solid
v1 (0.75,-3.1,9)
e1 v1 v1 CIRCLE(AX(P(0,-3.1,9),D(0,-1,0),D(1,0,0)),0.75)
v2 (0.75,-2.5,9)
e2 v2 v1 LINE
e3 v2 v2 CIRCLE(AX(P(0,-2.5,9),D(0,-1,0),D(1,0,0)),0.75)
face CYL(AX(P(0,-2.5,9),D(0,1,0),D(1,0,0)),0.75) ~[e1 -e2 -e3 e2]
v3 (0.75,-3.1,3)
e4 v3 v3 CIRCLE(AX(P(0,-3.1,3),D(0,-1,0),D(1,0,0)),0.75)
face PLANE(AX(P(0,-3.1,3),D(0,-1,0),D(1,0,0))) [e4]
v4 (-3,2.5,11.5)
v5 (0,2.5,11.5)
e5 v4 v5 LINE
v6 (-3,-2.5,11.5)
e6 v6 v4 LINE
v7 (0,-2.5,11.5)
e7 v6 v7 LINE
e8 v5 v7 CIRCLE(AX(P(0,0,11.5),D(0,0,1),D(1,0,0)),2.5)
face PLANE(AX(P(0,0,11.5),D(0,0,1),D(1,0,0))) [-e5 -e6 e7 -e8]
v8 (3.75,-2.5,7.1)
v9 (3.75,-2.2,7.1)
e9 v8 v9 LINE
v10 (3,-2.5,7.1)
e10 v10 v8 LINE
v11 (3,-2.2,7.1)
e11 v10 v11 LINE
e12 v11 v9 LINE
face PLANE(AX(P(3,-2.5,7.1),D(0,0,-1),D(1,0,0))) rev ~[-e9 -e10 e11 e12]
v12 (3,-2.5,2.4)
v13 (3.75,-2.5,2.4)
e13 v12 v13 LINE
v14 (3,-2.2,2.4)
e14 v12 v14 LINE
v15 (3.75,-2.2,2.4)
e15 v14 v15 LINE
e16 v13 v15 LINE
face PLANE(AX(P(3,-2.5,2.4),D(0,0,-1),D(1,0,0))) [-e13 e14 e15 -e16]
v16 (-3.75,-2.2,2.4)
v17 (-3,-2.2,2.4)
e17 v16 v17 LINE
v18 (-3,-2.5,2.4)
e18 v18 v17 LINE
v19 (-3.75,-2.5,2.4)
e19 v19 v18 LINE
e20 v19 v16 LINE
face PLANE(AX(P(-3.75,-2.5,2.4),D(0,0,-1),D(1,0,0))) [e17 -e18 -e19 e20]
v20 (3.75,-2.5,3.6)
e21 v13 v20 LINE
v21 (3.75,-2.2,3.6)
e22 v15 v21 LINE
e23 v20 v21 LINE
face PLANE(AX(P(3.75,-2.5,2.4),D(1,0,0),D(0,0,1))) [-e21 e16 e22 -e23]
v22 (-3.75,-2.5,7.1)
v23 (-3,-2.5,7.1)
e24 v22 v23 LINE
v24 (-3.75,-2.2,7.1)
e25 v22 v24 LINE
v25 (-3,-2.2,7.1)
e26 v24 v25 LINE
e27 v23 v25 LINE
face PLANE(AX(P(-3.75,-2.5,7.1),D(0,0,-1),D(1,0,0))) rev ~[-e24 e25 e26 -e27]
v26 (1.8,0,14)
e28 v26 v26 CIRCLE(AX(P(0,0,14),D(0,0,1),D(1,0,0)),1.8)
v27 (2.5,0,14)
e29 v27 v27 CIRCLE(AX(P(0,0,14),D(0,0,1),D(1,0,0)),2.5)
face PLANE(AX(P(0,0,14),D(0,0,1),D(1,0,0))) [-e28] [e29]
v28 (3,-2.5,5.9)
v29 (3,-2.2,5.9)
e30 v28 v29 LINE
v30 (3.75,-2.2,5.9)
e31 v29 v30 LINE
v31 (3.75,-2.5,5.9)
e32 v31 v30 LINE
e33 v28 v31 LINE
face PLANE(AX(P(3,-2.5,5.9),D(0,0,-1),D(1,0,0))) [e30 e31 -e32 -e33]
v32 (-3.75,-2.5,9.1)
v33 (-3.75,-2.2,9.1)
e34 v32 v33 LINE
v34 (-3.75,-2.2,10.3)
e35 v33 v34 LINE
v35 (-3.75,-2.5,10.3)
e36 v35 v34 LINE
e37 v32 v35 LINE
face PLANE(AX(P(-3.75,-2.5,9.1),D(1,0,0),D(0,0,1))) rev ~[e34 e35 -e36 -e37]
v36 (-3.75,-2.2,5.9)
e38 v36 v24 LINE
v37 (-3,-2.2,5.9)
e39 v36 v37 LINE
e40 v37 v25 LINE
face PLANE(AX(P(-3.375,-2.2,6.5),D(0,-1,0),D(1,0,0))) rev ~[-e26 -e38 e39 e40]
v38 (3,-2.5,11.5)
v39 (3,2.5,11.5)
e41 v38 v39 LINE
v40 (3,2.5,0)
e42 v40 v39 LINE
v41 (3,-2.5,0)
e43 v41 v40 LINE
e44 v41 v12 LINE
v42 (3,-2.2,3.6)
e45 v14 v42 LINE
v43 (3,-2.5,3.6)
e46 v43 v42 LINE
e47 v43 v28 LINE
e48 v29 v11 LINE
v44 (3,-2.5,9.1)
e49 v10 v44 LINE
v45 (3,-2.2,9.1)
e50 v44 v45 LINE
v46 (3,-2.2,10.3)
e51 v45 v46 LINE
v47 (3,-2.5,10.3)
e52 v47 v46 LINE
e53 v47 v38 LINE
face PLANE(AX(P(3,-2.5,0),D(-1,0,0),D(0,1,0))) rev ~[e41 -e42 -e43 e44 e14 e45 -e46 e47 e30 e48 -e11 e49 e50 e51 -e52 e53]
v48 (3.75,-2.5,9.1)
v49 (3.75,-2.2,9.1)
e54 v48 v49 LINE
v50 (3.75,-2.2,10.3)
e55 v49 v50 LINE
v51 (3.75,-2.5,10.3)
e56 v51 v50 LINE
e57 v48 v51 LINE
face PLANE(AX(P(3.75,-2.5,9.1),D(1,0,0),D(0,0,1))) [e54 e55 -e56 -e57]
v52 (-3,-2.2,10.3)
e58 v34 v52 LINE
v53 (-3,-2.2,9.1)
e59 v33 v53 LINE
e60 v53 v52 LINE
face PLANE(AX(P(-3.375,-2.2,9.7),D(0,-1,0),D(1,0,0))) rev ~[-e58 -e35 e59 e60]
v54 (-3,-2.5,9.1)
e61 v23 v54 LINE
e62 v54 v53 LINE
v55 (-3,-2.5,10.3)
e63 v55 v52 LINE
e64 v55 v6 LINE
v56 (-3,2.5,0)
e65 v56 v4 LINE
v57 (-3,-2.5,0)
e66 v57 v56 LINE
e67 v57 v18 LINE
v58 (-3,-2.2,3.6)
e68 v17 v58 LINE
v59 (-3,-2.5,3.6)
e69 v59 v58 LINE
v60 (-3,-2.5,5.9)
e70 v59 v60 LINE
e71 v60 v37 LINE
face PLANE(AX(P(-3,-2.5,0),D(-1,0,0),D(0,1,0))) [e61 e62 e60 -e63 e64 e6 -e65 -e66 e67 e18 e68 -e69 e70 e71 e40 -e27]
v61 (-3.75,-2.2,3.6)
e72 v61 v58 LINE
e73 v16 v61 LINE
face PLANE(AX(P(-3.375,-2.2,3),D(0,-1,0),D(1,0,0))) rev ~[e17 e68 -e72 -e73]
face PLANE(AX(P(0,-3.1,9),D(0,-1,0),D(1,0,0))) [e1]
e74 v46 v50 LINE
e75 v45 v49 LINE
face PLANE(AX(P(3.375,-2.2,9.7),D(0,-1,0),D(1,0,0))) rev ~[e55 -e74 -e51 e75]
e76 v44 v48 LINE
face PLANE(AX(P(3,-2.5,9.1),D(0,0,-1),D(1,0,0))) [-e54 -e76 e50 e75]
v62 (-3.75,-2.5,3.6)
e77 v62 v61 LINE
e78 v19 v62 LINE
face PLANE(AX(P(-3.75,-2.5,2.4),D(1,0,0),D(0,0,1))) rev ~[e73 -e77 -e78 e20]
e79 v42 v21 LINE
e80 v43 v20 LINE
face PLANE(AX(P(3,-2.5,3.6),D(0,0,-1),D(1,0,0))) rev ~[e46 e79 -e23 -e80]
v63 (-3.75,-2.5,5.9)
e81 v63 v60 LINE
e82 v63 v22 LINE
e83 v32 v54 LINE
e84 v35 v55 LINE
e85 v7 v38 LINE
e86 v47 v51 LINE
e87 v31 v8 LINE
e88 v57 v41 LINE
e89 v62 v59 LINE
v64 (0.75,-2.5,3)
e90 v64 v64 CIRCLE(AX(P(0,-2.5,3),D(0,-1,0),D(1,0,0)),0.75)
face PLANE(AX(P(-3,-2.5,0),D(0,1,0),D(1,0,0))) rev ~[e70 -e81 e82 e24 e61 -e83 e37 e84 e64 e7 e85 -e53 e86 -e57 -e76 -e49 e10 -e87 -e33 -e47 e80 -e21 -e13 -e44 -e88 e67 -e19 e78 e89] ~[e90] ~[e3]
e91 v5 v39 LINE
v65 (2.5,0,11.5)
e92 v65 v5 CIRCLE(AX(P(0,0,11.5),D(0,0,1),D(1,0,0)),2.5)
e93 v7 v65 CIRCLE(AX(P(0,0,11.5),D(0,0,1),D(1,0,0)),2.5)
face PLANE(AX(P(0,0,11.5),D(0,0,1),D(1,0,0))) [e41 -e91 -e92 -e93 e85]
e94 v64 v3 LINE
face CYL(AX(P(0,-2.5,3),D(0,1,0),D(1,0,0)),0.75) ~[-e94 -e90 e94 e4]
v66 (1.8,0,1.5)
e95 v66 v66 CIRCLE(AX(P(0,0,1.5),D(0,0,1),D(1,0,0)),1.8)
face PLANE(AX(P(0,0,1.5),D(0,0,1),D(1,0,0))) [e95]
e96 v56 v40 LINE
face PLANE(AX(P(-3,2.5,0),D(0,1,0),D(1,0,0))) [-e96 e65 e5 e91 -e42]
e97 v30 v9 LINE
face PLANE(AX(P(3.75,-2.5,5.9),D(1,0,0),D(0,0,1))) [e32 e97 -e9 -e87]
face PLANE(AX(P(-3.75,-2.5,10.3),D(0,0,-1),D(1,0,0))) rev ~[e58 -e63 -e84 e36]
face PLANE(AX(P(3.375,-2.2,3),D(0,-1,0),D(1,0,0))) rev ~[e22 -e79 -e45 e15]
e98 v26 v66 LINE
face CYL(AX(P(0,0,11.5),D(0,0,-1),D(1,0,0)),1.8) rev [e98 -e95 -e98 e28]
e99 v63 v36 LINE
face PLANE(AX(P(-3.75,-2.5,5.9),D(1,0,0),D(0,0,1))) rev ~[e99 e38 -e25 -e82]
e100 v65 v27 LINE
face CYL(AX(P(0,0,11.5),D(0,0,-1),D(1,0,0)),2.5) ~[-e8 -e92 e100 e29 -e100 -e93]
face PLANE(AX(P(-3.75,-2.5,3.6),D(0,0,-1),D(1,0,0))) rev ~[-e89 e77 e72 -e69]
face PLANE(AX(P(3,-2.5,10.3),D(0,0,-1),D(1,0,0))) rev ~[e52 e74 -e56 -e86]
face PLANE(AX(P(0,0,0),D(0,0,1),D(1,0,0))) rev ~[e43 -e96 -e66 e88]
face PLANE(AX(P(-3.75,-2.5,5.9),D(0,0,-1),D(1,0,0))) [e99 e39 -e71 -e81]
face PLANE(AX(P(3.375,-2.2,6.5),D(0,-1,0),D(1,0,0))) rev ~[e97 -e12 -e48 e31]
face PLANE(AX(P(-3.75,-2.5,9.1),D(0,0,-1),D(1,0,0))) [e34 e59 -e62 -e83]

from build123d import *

# Parameters (mm, degrees)
SKETCH1_W           = 6
SKETCH1_H           = 5
BOSS_EXTRUDE1_DEPTH = 11.5
SKETCH2_R           = 2.5
SKETCH2_R_2         = 1.8
BOSS_EXTRUDE2_DEPTH = 2.5
SKETCH3_R           = 1.8
CUT_EXTRUDE1_DEPTH  = 10
SKETCH4_W           = 0.75
SKETCH4_H           = 1.2
BOSS_EXTRUDE3_DEPTH = 0.3
SKETCH5_R           = 0.75
BOSS_EXTRUDE4_DEPTH = 0.6


with BuildPart() as part:
    # Sketch1 → Boss-Extrude1 (new body)
    with BuildSketch(Plane.XY):
        Rectangle(SKETCH1_W, SKETCH1_H)
    extrude(amount=BOSS_EXTRUDE1_DEPTH)

    # Sketch2 → Boss-Extrude2 (add)
    with BuildSketch(Plane.XY.offset(11.5)):
        Circle(SKETCH2_R)
        Circle(SKETCH2_R_2, mode=Mode.SUBTRACT)
    extrude(amount=BOSS_EXTRUDE2_DEPTH)

    # Sketch3 → Cut-Extrude1 (cut)
    with BuildSketch(Plane.XY.offset(11.5)):
        Circle(SKETCH3_R)
    extrude(amount=-CUT_EXTRUDE1_DEPTH, mode=Mode.SUBTRACT)

    # Sketch4 → Boss-Extrude3 (add)
    with BuildSketch(Plane.XZ.offset(2.5)):
        with Locations((3.375, 9.7)):
            Rectangle(SKETCH4_W, SKETCH4_H)
        with Locations((3.375, 6.5)):
            Rectangle(SKETCH4_W, SKETCH4_H)
        with Locations((3.375, 3)):
            Rectangle(SKETCH4_W, SKETCH4_H)
        with Locations((-3.375, 3)):
            Rectangle(SKETCH4_W, SKETCH4_H)
        with Locations((-3.375, 6.5)):
            Rectangle(SKETCH4_W, SKETCH4_H)
        with Locations((-3.375, 9.7)):
            Rectangle(SKETCH4_W, SKETCH4_H)
    extrude(amount=-BOSS_EXTRUDE3_DEPTH)

    # Sketch5 → Boss-Extrude4 (add)
    with BuildSketch(Plane.XZ.offset(2.5)):
        with Locations((0, 9)):
            Circle(SKETCH5_R)
        with Locations((0, 3)):
            Circle(SKETCH5_R)
    extrude(amount=BOSS_EXTRUDE4_DEPTH)


solid = part.part
